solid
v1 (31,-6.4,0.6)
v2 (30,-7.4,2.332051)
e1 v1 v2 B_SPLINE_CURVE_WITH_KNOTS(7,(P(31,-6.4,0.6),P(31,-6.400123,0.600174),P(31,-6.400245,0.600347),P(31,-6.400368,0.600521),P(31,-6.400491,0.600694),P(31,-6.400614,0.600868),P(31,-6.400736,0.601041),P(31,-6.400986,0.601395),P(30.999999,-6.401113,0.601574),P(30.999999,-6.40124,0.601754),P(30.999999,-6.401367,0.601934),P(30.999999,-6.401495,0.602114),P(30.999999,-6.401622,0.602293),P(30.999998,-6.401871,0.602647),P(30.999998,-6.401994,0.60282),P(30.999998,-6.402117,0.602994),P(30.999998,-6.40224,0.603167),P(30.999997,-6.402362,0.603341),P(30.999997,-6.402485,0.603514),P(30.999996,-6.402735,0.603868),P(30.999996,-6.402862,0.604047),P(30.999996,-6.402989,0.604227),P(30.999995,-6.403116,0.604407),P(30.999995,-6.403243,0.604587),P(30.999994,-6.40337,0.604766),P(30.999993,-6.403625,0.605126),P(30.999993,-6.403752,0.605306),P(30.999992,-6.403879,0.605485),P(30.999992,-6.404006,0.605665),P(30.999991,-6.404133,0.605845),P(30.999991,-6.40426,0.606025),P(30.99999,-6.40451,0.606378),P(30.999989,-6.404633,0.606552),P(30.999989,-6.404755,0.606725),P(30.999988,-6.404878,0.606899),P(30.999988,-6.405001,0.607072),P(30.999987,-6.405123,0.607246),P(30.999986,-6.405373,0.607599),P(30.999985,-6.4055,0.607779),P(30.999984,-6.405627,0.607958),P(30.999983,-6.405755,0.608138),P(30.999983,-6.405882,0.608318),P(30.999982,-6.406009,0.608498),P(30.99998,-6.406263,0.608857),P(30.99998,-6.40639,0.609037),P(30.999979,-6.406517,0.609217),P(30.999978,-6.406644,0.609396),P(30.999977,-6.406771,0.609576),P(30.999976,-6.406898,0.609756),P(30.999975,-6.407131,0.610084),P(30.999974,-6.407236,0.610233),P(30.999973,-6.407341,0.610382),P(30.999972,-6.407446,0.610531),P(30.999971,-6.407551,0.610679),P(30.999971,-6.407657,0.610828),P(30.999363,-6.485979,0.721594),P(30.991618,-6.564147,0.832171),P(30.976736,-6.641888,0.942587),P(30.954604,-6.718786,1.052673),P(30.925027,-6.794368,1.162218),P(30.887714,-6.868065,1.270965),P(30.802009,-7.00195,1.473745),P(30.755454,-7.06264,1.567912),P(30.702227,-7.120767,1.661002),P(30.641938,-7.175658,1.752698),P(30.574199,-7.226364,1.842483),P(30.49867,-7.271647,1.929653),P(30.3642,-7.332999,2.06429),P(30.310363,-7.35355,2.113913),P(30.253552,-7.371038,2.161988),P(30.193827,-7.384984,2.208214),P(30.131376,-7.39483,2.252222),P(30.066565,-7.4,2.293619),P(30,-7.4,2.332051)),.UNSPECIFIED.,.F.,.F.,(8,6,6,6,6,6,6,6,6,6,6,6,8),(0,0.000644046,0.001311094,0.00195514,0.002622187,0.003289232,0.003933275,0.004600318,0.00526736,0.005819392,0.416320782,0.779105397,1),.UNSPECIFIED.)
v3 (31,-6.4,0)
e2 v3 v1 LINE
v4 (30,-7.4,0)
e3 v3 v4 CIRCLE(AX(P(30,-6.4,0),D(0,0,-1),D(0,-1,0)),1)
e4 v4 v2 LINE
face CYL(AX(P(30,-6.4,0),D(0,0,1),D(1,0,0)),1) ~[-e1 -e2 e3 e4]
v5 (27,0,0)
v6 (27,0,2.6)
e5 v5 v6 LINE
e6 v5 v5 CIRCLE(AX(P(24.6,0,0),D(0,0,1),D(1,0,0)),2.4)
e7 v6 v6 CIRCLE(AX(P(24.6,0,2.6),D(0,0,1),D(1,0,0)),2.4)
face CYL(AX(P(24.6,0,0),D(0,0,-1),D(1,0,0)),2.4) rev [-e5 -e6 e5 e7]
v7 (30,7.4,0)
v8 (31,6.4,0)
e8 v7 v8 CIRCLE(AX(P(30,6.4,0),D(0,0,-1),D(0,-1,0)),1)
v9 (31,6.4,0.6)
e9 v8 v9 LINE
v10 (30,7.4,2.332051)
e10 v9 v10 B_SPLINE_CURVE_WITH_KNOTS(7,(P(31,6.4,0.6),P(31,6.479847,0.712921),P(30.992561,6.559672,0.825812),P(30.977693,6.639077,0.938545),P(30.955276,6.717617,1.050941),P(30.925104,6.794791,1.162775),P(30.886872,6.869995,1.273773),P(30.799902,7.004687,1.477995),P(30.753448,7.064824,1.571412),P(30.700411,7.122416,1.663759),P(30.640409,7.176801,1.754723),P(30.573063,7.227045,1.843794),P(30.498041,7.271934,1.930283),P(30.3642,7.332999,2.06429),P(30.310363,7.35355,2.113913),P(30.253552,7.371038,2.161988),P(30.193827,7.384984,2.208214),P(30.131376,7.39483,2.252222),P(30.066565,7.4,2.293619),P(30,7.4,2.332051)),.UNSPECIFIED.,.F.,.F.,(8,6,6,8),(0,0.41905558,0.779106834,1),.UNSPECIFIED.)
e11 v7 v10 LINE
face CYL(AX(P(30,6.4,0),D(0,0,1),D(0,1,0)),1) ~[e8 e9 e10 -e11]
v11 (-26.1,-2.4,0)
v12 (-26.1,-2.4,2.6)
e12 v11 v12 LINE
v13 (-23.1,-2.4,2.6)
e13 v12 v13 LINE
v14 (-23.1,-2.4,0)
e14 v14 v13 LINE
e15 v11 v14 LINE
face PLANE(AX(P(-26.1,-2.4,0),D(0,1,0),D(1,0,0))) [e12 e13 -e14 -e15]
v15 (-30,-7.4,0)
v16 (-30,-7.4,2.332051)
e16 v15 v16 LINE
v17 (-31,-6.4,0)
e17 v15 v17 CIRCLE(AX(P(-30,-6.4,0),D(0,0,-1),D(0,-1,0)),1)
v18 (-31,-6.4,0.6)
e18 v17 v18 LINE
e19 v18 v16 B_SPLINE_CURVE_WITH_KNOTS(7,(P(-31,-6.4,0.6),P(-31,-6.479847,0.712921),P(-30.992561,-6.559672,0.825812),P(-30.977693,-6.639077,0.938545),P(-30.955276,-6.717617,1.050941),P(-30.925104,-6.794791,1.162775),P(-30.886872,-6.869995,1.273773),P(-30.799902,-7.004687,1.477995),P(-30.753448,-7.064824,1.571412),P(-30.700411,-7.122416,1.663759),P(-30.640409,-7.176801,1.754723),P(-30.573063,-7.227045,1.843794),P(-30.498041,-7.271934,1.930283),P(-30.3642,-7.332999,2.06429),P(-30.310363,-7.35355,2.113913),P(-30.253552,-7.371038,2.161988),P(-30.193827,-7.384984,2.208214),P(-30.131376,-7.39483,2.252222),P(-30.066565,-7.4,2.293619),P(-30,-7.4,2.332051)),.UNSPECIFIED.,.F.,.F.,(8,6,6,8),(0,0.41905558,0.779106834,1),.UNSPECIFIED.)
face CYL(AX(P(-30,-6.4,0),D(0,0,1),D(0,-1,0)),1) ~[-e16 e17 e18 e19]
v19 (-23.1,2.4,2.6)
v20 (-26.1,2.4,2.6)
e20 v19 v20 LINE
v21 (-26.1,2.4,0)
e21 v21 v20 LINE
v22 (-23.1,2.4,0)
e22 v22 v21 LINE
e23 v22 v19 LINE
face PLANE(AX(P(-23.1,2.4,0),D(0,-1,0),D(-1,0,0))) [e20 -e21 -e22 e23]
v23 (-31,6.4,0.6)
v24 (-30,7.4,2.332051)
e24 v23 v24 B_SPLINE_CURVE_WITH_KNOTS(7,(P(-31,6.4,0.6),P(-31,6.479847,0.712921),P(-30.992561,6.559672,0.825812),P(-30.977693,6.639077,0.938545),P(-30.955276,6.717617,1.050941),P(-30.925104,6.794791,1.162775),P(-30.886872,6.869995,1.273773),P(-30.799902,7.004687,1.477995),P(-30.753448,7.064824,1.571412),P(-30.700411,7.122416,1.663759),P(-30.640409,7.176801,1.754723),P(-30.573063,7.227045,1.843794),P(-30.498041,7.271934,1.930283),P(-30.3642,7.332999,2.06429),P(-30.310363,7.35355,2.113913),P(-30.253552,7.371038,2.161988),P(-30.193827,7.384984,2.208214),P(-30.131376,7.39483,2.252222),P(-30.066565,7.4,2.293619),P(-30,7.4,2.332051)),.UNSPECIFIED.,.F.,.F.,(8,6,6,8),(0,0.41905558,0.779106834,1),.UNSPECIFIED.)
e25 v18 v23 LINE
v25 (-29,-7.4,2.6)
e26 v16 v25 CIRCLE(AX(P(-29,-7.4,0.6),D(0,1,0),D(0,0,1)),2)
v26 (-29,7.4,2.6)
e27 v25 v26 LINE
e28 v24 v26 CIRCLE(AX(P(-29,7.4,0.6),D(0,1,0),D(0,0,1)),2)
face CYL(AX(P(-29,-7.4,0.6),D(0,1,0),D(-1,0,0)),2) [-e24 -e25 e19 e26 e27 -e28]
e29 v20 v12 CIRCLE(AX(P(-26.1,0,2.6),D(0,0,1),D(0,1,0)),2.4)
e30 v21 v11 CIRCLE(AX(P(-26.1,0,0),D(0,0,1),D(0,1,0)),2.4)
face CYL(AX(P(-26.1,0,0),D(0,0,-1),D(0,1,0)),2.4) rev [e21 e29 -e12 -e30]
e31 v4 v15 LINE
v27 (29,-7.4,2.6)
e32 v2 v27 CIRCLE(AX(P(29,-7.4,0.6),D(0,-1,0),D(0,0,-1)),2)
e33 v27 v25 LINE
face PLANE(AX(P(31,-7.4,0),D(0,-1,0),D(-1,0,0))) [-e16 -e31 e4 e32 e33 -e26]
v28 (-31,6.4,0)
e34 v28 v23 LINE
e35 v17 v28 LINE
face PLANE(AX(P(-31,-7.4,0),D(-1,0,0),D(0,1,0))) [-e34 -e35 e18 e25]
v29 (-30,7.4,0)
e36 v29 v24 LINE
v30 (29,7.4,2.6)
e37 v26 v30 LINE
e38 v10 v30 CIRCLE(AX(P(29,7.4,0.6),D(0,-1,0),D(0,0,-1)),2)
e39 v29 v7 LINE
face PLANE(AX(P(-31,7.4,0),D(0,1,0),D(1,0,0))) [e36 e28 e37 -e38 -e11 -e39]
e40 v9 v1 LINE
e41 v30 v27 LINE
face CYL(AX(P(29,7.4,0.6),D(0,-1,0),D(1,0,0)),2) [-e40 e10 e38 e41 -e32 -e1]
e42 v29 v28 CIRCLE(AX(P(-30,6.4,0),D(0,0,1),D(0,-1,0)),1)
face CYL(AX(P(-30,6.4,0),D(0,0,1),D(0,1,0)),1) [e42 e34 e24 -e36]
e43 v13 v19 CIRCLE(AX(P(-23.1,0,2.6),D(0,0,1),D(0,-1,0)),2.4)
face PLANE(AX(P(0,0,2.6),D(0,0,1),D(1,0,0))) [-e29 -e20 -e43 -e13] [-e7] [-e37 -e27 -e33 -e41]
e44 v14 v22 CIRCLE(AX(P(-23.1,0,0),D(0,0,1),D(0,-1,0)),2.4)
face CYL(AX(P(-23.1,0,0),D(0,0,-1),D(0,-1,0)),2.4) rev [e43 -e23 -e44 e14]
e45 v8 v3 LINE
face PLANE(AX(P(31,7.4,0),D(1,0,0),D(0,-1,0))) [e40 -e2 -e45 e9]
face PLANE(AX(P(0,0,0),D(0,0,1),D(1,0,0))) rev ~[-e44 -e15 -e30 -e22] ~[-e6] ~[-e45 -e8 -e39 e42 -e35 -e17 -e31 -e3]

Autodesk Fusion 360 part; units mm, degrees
sketch "Sketch1" plane through (0, 0, 0) normal (0, 0, 1) x (1, 0, 0)
  line L0 (-31, 7.4) -> (31, 7.4)
  line L1 (31, 7.4) -> (31, -7.4)
  line L2 (31, -7.4) -> (-31, -7.4)
  line L3 (-31, -7.4) -> (-31, 7.4)
  line L4 (-31, 0) -> (31, 0) construction
  circle A0 centre (24.6, 0) radius 2.4
  line L5 (0, 7.4) -> (0, -7.4) construction
  circle A1 centre (-24.6, 0) radius 2.4 construction
  line L6 (-26.1, -2.4) -> (-23.1, -2.4)
  arc A2 (-23.1, -2.4) -> (-23.1, 2.4) centre (-23.1, 0) ccw
  line L7 (-23.1, 2.4) -> (-26.1, 2.4)
  arc A3 (-26.1, 2.4) -> (-26.1, -2.4) centre (-26.1, 0) ccw
  line L8 (-26.1, 0) -> (-23.1, 0) construction
  point P0 (-24.6, 0)
  dimension "d1" = 62
  dimension "d2" = 14.8
  dimension "d3" = 4.8
  dimension "d4" = 49.2
  dimension "d5" = 3
extrude "Extrude1" add sketch "Sketch1" along normal blind 2.6
fillet "Fillet2" radius 1 4 edges at (31, -7.4, 1.3) (31, 7.4, 1.3) (-31, 7.4, 1.3) (-31, -7.4, 1.3)
fillet "Fillet2" radius 2 2 edges at (31, 0, 2.6) (-31, 0, 2.6)
